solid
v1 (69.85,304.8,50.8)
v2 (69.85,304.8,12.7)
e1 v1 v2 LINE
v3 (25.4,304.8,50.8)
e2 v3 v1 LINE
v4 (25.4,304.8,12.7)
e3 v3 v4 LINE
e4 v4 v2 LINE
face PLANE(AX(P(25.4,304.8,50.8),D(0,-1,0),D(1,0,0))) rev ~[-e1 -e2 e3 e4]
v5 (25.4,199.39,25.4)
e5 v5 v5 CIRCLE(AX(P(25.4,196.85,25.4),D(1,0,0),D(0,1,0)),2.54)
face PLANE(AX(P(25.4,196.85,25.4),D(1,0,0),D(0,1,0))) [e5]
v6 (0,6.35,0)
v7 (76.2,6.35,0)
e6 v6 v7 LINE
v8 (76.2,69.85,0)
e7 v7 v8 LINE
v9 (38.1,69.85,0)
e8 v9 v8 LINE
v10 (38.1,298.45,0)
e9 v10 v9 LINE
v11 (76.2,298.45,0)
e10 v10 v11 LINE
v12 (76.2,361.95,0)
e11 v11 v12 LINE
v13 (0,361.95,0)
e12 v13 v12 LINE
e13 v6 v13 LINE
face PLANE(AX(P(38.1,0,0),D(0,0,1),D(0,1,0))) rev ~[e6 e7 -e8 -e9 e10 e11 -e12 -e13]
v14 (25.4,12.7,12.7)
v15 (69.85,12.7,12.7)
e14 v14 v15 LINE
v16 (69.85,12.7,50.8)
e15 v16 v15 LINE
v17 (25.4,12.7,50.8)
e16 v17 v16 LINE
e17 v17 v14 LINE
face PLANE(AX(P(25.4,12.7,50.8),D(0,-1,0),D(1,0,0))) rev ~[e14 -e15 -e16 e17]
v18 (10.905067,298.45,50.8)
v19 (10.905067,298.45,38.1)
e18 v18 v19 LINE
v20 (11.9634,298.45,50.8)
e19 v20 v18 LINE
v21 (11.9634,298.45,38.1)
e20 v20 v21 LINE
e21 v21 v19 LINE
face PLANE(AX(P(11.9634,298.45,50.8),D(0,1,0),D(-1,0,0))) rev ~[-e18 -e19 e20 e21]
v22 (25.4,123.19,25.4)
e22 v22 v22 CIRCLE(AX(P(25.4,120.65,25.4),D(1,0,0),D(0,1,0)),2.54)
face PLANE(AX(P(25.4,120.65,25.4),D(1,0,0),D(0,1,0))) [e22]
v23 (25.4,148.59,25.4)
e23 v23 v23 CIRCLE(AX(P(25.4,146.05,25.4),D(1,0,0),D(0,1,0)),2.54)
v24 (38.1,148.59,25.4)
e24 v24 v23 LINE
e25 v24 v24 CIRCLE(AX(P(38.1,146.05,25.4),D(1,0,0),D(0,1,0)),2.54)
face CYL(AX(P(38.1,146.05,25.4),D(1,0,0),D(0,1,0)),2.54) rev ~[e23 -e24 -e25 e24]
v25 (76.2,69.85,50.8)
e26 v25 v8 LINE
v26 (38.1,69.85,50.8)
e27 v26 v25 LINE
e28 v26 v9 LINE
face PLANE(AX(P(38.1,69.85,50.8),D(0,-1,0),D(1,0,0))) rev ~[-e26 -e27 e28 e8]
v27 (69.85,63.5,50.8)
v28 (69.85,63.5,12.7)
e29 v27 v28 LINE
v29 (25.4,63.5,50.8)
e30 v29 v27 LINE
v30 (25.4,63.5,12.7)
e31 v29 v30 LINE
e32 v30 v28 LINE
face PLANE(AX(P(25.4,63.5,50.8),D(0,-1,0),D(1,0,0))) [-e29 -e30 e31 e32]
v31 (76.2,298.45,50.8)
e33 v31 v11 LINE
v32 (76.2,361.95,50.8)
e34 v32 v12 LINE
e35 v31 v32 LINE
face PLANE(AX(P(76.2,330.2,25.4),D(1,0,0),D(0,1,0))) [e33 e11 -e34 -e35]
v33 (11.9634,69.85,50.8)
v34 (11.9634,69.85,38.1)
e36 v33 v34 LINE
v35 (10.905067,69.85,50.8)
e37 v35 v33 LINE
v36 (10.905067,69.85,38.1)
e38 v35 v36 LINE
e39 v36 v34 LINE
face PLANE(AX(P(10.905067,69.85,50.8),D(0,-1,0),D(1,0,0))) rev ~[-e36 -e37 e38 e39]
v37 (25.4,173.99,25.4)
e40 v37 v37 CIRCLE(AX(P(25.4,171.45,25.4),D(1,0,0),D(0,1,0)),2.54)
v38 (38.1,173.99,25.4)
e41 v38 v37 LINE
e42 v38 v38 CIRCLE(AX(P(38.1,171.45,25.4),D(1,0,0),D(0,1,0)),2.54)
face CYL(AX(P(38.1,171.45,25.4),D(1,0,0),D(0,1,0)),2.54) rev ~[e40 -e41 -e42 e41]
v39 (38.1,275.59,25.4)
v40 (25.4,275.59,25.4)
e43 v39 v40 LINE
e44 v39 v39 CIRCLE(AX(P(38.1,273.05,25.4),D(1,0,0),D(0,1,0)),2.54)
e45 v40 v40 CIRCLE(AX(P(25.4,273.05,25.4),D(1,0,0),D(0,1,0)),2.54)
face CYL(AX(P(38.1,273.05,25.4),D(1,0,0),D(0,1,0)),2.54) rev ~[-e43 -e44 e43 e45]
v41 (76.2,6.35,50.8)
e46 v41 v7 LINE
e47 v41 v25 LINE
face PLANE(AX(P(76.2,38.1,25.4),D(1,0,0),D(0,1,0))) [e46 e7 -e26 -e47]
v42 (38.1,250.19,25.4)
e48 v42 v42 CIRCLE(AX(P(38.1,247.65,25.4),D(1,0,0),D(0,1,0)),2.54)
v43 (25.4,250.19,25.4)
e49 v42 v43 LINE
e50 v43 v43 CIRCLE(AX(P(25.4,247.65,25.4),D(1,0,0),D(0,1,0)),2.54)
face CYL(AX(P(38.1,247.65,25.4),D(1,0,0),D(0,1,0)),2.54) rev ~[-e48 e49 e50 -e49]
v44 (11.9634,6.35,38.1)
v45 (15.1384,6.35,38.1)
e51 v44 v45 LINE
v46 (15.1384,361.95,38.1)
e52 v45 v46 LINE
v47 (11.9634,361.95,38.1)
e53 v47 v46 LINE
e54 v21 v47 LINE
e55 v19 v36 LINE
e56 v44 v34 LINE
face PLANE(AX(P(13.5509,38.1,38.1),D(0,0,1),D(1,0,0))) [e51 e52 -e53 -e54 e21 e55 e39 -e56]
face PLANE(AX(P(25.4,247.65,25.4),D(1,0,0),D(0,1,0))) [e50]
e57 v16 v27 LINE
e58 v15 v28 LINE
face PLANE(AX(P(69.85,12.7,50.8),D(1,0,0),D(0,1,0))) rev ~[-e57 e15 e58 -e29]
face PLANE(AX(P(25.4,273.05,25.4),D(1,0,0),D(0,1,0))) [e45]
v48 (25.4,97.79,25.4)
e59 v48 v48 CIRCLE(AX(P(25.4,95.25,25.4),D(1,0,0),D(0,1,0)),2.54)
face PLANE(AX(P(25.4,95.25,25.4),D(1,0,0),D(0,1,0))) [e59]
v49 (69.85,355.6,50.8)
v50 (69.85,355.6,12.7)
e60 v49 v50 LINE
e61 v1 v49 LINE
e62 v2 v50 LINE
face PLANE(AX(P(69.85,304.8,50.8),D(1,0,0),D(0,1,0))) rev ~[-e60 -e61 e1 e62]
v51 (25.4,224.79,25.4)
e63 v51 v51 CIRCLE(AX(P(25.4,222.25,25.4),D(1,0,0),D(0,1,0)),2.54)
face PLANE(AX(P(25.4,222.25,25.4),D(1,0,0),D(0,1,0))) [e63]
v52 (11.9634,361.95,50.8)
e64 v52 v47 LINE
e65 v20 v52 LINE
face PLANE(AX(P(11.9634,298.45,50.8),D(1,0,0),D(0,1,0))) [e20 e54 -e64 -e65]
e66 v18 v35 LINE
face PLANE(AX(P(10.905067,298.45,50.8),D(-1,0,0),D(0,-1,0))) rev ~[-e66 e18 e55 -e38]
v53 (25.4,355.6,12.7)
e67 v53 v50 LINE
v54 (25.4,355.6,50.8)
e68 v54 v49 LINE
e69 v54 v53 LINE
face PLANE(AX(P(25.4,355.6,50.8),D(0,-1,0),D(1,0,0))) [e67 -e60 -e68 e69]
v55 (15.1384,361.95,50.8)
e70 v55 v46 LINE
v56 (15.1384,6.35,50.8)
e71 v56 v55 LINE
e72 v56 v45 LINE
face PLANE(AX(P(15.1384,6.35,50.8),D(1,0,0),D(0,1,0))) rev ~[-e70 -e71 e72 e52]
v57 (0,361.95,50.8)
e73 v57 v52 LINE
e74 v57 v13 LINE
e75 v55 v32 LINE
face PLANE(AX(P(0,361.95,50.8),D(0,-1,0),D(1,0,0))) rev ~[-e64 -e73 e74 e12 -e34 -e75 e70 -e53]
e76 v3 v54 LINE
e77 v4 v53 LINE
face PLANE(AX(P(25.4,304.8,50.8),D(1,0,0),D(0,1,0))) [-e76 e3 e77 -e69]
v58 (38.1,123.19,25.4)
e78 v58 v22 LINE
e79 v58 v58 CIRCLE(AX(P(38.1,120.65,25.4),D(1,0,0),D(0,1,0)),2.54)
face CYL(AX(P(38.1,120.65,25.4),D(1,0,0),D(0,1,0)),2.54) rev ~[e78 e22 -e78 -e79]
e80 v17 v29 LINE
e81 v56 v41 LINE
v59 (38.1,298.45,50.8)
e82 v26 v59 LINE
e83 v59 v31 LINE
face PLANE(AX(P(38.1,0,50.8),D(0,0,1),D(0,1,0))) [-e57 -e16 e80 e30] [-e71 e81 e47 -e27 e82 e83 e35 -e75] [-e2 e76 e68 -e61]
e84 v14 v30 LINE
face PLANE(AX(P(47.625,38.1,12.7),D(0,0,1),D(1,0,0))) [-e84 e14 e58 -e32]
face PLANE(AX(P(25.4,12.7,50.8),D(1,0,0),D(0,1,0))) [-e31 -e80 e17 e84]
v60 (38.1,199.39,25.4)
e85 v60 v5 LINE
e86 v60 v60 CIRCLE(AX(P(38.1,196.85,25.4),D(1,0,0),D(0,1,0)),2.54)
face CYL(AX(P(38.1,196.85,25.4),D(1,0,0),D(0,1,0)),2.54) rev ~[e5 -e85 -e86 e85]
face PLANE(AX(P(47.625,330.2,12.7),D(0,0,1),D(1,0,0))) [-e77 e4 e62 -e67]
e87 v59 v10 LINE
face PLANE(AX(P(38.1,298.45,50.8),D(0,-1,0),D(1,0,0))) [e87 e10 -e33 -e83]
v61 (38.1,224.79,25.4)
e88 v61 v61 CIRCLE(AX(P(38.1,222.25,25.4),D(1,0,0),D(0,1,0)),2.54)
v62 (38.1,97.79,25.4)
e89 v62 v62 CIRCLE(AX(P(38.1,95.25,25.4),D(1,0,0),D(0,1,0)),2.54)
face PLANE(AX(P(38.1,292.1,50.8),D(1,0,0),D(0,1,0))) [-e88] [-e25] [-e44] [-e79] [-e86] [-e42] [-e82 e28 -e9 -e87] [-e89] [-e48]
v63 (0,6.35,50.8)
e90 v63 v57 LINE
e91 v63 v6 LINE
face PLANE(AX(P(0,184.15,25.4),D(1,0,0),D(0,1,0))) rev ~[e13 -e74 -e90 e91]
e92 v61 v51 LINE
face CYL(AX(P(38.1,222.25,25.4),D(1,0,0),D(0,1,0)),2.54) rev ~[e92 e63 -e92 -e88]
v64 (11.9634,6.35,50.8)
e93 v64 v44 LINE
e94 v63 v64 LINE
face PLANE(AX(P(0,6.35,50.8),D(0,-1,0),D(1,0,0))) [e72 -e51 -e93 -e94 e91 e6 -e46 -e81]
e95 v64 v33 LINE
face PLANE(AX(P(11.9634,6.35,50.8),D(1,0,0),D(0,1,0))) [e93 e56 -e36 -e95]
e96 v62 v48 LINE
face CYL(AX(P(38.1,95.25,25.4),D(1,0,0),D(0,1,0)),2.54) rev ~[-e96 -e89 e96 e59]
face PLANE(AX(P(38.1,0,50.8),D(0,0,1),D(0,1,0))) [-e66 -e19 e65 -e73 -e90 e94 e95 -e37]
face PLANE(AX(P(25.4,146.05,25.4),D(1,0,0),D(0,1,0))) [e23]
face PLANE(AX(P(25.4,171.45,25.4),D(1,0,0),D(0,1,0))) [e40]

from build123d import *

# Parameters (mm, degrees)
F0_W      = 368.3
F0_H      = 50.8
F1_DEPTH  = 38.1
F2_W      = 76.2
F2_H      = 50.8
F3_DEPTH  = 38.1
F4_W      = 3.175
F4_H      = 63.5
F5_DEPTH  = 12.7
F6_W      = 44.45
F6_H      = 50.8
F7_DEPTH  = 38.1
F8_R      = 2.54
F9_DEPTH  = 12.7
F10_W     = 76.2
F10_H     = 6.35
F10_W_2   = 38.1
F11_DEPTH = 76.2


with BuildPart() as f1:
    # F0 (on Right) → F1 (new body)
    with BuildSketch(Plane.YZ):
        with Locations((184.15, 25.4)):
            Rectangle(F0_W, F0_H)
    extrude(amount=F1_DEPTH)

    # F2 (on face) → F3 (join)
    with BuildSketch(Plane.YZ.offset(38.1)):
        with Locations((38.1, 25.4)):
            Rectangle(F2_W, F2_H)
        with Locations((330.2, 25.4)):
            Rectangle(F2_W, F2_H)
    extrude(amount=F3_DEPTH)

    # F4 (on face) → F5 (cut)
    with BuildSketch(Plane.XY.offset(50.8)):
        with Locations((13.5509, 38.1)):
            Rectangle(F4_W, F4_H)
        with Locations((13.5509, 330.2)):
            Rectangle(F4_W, F4_H)
        Polygon((10.905067, 69.85), (11.9634, 69.85), (15.1384, 69.85), (15.1384, 298.45), (11.9634, 298.45), (10.905067, 298.45), align=None)
    extrude(amount=-F5_DEPTH, mode=Mode.SUBTRACT)

    # F6 (on face) → F7 (cut)
    with BuildSketch(Plane.XY.offset(50.8)):
        with Locations((47.625, 38.1)):
            Rectangle(F6_W, F6_H)
        with Locations((47.625, 330.2)):
            Rectangle(F6_W, F6_H)
    extrude(amount=-F7_DEPTH, mode=Mode.SUBTRACT)

    # F8 (on face) → F9 (cut)
    with BuildSketch(Plane.YZ.offset(38.1)):
        with Locations((120.65, 25.4)):
            Circle(F8_R)
        with Locations((146.05, 25.4)):
            Circle(F8_R)
        with Locations((171.45, 25.4)):
            Circle(F8_R)
        with Locations((196.85, 25.4)):
            Circle(F8_R)
        with Locations((222.25, 25.4)):
            Circle(F8_R)
        with Locations((247.65, 25.4)):
            Circle(F8_R)
        with Locations((95.25, 25.4)):
            Circle(F8_R)
        with Locations((273.05, 25.4)):
            Circle(F8_R)
    extrude(amount=-F9_DEPTH, mode=Mode.SUBTRACT)

    # F10 (on face) → F11 (cut)
    with BuildSketch(Plane.XY.offset(50.8)):
        with Locations((38.1, 3.175)):
            Rectangle(F10_W, F10_H)
        with Locations((57.15, 73.025)):
            Rectangle(F10_W_2, F10_H)
        with Locations((38.1, 365.125)):
            Rectangle(F10_W, F10_H)
        with Locations((57.15, 295.275)):
            Rectangle(F10_W_2, F10_H)
    extrude(amount=-F11_DEPTH, mode=Mode.SUBTRACT)


solid = f1.part
